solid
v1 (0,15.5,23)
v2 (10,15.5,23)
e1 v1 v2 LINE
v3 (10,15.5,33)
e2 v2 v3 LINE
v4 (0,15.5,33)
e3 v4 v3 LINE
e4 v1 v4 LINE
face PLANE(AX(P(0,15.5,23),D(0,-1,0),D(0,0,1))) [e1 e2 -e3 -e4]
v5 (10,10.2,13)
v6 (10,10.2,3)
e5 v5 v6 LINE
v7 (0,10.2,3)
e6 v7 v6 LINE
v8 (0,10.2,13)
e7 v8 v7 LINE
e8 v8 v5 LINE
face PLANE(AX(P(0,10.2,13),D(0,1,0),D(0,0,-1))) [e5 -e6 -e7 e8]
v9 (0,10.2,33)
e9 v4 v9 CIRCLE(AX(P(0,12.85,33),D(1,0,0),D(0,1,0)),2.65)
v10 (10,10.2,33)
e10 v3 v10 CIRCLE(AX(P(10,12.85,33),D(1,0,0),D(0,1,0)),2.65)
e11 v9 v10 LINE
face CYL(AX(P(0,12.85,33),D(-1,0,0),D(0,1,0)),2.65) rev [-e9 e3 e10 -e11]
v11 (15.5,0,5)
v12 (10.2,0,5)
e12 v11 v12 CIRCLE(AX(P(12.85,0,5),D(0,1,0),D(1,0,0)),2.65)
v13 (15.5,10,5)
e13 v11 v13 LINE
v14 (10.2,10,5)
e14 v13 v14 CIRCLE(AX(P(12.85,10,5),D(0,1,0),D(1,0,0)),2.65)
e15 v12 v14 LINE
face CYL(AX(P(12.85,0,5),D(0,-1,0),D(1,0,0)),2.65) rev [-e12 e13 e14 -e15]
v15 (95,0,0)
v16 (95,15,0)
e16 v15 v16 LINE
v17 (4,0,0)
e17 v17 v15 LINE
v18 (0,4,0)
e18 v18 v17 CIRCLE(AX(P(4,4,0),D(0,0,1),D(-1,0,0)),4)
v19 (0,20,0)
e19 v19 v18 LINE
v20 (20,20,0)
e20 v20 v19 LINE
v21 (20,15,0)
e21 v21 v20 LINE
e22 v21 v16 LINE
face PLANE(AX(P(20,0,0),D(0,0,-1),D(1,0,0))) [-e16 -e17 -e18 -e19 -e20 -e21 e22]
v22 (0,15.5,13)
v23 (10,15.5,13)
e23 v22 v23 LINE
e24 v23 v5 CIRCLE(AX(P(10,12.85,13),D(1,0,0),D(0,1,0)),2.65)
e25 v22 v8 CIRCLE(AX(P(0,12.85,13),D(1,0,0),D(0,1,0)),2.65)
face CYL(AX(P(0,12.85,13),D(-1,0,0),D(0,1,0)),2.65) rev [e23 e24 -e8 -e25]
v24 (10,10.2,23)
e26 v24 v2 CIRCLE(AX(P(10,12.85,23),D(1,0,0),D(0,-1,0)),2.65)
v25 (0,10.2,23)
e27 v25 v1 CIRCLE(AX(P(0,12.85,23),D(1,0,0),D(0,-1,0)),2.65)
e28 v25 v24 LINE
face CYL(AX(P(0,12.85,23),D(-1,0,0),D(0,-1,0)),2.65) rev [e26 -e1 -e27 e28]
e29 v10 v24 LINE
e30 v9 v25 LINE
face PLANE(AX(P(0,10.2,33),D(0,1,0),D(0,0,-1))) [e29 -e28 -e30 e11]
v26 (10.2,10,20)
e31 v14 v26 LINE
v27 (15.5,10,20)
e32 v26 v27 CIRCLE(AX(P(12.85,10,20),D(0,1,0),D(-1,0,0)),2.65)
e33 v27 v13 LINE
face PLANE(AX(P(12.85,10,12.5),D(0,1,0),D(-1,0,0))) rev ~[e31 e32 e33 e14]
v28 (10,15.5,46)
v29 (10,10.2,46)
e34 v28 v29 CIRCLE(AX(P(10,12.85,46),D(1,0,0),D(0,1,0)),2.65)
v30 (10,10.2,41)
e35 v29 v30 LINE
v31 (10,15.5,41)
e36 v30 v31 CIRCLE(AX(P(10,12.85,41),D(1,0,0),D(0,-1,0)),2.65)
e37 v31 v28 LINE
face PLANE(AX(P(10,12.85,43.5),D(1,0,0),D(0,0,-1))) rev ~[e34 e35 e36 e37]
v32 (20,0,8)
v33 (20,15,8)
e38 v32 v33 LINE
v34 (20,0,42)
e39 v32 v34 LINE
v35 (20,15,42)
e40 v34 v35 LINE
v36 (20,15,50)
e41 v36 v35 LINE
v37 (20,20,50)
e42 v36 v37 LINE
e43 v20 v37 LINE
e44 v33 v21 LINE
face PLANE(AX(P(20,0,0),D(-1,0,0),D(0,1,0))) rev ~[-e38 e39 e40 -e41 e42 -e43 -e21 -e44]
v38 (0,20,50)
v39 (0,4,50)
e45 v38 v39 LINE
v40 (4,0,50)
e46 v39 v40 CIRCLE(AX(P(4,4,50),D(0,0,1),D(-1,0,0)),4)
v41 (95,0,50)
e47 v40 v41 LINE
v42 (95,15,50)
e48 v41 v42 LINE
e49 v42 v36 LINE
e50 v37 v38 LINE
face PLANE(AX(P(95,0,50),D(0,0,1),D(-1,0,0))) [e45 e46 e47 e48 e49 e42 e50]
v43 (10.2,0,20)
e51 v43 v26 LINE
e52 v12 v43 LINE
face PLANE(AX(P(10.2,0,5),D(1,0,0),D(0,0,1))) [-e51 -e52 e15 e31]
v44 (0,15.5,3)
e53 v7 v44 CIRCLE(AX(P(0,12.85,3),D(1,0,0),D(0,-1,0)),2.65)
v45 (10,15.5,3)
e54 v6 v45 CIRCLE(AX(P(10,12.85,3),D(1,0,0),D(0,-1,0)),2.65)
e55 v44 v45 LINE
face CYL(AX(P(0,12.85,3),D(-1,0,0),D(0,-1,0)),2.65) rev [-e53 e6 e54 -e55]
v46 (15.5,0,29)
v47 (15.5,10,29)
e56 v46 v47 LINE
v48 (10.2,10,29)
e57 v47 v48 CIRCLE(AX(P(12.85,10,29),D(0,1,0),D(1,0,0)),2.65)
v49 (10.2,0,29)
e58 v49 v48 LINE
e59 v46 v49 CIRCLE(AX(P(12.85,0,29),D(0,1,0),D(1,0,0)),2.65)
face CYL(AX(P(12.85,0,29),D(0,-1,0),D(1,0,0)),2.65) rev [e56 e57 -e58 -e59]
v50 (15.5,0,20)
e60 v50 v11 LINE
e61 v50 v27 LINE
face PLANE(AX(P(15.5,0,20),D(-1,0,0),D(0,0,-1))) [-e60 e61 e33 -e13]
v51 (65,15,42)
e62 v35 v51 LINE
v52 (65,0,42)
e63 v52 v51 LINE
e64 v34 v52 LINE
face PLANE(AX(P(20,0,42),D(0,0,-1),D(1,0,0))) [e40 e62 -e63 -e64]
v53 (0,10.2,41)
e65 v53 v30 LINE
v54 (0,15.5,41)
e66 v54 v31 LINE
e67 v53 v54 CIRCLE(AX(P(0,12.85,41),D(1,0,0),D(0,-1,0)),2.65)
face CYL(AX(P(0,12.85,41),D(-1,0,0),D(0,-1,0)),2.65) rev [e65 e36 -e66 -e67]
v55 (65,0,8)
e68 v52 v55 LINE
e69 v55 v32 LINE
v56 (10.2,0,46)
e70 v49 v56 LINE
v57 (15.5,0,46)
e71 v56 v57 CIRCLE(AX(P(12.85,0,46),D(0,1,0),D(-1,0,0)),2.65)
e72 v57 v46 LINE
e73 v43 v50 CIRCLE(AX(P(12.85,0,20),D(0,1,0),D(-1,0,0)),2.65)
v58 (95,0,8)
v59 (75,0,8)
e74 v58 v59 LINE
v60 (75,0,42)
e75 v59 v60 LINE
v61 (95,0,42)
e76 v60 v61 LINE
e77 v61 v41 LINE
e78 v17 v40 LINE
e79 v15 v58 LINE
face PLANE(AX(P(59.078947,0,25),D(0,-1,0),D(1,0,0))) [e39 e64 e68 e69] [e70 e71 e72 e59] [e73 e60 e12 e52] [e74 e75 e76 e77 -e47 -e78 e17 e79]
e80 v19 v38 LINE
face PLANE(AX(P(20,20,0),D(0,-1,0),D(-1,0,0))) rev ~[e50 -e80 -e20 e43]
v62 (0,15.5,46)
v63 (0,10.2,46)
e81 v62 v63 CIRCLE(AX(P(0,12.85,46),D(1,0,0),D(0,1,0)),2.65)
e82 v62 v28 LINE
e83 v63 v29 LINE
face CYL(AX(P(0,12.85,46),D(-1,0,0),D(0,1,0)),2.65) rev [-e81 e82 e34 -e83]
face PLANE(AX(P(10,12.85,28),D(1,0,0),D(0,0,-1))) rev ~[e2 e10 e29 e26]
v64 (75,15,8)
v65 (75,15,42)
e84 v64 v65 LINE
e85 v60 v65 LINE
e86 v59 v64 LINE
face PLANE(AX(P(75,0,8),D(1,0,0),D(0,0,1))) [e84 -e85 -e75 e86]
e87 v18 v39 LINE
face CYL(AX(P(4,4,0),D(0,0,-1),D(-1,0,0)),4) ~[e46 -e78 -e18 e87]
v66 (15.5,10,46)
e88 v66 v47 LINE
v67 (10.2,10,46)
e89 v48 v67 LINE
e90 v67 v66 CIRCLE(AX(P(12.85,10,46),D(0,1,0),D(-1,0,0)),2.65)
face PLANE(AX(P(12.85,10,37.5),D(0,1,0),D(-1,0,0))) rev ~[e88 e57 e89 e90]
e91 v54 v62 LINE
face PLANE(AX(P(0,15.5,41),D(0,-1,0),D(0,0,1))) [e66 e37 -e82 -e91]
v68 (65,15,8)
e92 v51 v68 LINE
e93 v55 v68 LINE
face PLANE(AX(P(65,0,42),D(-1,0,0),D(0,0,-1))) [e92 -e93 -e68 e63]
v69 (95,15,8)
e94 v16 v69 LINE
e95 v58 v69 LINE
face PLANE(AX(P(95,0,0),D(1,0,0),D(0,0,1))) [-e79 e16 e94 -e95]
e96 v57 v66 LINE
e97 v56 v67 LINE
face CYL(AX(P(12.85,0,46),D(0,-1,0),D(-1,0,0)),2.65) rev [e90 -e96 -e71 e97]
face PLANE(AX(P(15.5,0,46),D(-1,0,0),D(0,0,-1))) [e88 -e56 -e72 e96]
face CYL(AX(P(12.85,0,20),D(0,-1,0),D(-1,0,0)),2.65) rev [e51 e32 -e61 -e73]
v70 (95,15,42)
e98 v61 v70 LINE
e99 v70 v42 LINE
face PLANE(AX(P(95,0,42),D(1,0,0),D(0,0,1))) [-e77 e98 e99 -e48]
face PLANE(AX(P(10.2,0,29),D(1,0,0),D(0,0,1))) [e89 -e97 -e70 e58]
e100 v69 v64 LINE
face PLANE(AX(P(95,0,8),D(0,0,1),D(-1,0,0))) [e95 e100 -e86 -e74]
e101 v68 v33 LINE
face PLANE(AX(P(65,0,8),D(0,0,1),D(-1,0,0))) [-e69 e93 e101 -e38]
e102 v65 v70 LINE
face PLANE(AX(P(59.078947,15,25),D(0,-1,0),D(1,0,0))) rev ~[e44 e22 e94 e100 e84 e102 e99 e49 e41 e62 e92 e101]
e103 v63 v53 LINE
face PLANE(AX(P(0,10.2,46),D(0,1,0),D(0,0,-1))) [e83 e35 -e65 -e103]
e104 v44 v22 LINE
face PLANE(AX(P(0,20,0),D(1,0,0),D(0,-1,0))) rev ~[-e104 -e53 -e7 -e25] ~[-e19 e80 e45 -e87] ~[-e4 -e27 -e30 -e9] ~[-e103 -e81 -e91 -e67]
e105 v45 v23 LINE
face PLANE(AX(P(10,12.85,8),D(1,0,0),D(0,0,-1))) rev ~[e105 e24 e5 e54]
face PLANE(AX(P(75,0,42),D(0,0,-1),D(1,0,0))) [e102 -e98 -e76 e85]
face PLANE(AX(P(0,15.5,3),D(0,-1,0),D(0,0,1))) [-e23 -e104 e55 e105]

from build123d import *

# Parameters (mm, degrees)
EXTRUDE_1_DEPTH     = 50
CUT_EXTRUDE_1_DEPTH = 10
CUT_EXTRUDE_2_DEPTH = 10
EXTRUDE_2_DEPTH     = 15


with BuildPart() as part:
    # 草图1 → 凸台-拉伸1 (new body)
    with BuildSketch(Plane.XY):
        with BuildLine():
            Line((4, 0), (20, 0))
            Line((20, 0), (20, 20))
            Line((20, 20), (0, 20))
            Line((0, 20), (0, 4))
            ThreePointArc((0, 4), (1.171572875, 1.171572875), (4, 0))
        make_face()
    extrude(amount=EXTRUDE_1_DEPTH)

    # 草图2 → 切除-拉伸1 (cut)
    with BuildSketch(Plane.ZY):
        with BuildLine():
            Line((3, 15.5), (13, 15.5))
            ThreePointArc((13, 15.5), (15.65, 12.85), (13, 10.2))
            Line((13, 10.2), (3, 10.2))
            ThreePointArc((3, 10.2), (0.35, 12.85), (3, 15.5))
        make_face()
        with BuildLine():
            Line((23, 15.5), (33, 15.5))
            ThreePointArc((33, 15.5), (35.65, 12.85), (33, 10.2))
            Line((33, 10.2), (23, 10.2))
            ThreePointArc((23, 10.2), (20.35, 12.85), (23, 15.5))
        make_face()
        with BuildLine():
            Line((41, 15.5), (46, 15.5))
            ThreePointArc((46, 15.5), (48.65, 12.85), (46, 10.2))
            Line((46, 10.2), (41, 10.2))
            ThreePointArc((41, 10.2), (38.35, 12.85), (41, 15.5))
        make_face()
    extrude(amount=-CUT_EXTRUDE_1_DEPTH, mode=Mode.SUBTRACT)

    # 草图3 → 切除-拉伸2 (cut)
    with BuildSketch(Plane.XZ):
        with BuildLine():
            Line((15.5, 46), (15.5, 29))
            ThreePointArc((15.5, 29), (12.85, 26.35), (10.2, 29))
            Line((10.2, 29), (10.2, 46))
            ThreePointArc((10.2, 46), (12.85, 48.65), (15.5, 46))
        make_face()
        with BuildLine():
            Line((15.5, 20), (15.5, 5))
            ThreePointArc((15.5, 5), (12.85, 2.35), (10.2, 5))
            Line((10.2, 5), (10.2, 20))
            ThreePointArc((10.2, 20), (12.85, 22.65), (15.5, 20))
        make_face()
    extrude(amount=-CUT_EXTRUDE_2_DEPTH, mode=Mode.SUBTRACT)

    # 草图4 → 凸台-拉伸2 (add)
    with BuildSketch(Plane.XZ):
        Polygon((95, 42), (95, 50), (20, 50), (20, 42), (65, 42), (65, 8), (20, 8), (20, 0), (95, 0), (95, 8), (75, 8), (75, 42), align=None)
    extrude(amount=-EXTRUDE_2_DEPTH)


solid = part.part
